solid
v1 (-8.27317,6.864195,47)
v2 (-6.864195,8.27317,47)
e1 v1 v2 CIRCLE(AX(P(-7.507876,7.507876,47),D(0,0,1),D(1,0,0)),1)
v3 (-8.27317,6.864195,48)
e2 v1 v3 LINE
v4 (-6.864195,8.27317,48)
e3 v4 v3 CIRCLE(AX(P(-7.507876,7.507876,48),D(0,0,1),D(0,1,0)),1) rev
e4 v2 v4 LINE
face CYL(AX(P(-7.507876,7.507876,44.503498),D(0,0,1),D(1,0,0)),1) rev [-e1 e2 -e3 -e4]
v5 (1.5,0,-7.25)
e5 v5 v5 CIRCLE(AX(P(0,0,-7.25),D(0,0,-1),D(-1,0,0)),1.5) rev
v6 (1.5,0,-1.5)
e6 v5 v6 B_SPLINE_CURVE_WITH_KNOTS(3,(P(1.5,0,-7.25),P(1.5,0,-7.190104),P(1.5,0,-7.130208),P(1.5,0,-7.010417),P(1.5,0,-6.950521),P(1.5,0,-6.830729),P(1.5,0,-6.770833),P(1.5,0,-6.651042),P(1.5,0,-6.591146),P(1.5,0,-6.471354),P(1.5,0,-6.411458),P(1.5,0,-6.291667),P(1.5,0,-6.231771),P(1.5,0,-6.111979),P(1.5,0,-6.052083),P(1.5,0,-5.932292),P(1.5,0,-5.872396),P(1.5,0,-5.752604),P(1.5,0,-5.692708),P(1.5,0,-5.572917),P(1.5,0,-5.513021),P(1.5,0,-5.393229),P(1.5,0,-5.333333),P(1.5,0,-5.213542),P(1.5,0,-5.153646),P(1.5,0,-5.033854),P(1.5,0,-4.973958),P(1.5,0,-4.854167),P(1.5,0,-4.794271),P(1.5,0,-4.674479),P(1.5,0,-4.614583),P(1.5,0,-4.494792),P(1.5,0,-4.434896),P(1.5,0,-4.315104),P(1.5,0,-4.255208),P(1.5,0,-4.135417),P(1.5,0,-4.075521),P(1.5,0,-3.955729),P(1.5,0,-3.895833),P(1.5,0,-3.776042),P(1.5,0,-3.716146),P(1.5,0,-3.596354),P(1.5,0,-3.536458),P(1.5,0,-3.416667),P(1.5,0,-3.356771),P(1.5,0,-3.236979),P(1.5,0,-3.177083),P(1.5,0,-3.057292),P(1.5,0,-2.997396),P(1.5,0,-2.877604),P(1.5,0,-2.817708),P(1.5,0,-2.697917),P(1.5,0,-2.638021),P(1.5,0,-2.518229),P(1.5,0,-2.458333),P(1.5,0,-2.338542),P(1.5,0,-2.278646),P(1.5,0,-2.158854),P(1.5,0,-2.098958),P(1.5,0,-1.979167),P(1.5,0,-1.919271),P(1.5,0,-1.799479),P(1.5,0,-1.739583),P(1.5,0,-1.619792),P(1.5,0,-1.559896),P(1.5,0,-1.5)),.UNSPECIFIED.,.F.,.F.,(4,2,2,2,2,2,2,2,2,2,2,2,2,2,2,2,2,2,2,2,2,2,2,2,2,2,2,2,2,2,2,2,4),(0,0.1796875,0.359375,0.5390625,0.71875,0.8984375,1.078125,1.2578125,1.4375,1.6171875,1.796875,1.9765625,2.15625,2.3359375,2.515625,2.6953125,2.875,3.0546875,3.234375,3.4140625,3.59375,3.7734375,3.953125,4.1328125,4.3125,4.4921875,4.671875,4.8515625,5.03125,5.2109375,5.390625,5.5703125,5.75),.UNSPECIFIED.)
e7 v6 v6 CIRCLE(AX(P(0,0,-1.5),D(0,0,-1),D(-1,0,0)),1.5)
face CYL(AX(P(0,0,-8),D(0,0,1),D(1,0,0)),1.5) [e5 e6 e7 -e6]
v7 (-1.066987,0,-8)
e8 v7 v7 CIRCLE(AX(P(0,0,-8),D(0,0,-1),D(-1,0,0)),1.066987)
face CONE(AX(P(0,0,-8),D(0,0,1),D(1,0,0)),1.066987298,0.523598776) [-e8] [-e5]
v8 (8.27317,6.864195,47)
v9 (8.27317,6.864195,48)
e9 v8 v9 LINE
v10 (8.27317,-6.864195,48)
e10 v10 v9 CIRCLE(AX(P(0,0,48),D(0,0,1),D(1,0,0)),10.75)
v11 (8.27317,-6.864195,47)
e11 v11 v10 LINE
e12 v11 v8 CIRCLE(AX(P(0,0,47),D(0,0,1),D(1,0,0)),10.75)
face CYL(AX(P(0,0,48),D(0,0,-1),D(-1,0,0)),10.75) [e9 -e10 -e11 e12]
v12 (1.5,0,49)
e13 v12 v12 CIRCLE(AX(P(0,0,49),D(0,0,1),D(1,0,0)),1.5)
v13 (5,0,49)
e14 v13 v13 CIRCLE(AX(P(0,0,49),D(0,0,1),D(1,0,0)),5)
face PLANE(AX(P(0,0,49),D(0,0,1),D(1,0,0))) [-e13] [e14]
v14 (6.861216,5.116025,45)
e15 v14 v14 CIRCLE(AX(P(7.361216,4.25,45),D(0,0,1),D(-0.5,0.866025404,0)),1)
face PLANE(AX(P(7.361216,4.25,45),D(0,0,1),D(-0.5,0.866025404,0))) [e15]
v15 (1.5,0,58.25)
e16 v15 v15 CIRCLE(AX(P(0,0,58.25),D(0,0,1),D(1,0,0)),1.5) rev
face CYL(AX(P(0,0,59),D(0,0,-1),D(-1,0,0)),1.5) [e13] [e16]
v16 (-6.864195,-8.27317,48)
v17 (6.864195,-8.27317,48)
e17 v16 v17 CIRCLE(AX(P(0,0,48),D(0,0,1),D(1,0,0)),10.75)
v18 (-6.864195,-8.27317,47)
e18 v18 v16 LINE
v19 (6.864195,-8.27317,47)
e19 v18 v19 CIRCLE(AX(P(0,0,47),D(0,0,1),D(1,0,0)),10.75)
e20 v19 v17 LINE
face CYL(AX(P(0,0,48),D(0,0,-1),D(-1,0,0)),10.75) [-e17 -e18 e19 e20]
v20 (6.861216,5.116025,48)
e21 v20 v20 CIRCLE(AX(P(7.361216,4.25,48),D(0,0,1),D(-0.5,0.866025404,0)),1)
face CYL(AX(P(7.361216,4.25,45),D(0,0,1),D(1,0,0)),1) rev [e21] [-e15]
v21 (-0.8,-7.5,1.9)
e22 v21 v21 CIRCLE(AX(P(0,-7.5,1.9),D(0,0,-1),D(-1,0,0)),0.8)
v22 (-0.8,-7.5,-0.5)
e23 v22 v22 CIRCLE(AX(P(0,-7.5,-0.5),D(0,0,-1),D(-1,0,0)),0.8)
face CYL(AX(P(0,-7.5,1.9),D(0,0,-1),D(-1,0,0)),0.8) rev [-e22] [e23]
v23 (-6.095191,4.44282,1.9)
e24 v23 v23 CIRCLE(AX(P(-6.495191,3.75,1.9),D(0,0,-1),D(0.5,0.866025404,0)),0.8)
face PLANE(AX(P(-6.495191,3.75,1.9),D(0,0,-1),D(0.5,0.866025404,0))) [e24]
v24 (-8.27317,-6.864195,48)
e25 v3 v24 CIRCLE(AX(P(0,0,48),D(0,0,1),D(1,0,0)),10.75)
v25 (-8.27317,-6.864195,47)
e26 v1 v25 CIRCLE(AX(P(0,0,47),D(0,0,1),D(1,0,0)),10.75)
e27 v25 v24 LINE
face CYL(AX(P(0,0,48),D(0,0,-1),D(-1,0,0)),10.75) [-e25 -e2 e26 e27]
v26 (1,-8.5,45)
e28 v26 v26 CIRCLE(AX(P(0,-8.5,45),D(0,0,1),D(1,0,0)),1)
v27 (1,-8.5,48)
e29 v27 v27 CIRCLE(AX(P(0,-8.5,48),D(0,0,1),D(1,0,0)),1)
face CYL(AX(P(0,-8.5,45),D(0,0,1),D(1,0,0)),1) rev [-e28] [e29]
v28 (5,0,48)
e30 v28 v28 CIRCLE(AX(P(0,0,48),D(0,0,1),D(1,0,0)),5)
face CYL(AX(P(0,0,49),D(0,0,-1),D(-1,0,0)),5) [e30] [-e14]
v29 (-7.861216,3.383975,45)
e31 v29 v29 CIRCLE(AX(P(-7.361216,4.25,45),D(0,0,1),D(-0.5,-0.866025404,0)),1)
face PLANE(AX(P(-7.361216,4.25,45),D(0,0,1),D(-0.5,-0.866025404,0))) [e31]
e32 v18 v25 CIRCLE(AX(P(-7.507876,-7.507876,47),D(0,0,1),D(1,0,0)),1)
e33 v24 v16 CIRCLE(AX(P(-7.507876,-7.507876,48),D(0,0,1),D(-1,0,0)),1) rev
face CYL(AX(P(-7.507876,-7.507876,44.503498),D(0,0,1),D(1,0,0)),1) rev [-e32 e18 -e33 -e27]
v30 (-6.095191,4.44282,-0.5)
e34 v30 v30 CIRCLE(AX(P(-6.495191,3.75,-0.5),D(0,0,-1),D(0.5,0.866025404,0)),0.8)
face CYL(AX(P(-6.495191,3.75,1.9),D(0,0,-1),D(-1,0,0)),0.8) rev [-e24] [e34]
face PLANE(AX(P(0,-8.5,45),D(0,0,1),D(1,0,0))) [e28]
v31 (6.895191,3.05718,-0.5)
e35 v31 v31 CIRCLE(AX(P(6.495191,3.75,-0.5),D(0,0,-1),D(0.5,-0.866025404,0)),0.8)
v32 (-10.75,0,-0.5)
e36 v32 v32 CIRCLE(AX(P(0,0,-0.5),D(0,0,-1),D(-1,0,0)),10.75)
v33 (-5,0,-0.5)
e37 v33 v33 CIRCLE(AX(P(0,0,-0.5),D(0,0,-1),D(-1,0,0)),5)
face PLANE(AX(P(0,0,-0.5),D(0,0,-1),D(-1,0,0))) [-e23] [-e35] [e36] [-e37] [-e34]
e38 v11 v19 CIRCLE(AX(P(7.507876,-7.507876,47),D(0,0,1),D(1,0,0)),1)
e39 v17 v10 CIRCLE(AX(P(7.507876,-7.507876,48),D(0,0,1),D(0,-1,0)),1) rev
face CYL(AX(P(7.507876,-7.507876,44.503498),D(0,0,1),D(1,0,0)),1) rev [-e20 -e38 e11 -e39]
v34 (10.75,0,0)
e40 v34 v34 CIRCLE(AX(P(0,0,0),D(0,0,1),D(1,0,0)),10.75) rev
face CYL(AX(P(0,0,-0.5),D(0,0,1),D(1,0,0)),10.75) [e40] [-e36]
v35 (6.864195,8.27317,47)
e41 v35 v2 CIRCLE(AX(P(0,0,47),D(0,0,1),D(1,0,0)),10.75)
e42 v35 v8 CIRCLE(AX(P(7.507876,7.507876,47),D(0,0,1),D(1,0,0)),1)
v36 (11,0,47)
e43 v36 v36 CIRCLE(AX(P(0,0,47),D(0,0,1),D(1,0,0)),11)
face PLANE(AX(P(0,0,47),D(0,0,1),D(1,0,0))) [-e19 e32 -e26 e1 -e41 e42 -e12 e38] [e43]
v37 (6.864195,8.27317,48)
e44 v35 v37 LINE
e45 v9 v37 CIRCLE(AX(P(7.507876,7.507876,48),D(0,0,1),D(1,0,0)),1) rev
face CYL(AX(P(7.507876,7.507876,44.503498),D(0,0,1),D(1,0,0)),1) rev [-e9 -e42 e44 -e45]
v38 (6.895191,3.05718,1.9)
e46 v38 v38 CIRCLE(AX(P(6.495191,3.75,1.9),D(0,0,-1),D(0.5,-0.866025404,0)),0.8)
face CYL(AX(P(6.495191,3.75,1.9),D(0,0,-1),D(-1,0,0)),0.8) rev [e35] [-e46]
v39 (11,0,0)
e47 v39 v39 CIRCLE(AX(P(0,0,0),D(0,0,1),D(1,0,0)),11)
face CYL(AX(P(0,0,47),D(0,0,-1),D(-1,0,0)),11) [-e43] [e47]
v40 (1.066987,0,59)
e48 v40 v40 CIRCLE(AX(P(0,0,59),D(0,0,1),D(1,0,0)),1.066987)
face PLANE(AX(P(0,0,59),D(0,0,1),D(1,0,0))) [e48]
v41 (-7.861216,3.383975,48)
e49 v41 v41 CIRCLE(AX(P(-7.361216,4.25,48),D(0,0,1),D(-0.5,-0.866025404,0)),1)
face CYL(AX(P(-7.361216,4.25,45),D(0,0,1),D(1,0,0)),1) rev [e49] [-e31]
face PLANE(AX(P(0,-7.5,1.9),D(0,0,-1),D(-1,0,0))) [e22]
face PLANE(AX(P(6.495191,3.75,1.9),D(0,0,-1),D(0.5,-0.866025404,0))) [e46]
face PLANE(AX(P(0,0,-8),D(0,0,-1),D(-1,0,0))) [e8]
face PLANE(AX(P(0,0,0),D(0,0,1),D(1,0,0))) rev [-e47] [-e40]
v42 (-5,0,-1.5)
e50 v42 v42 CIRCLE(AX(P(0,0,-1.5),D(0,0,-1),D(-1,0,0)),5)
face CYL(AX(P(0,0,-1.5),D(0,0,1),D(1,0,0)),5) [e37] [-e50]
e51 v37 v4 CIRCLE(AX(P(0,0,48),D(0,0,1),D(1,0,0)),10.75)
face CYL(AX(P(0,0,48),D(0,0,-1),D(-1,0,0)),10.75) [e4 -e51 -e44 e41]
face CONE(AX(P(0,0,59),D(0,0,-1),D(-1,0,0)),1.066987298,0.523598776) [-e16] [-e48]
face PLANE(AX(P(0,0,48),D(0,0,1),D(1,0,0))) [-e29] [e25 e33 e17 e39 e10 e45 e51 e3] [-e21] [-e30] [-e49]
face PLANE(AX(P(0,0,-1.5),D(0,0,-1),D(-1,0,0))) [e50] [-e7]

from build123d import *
from OCP.BRepFilletAPI import BRepFilletAPI_MakeChamfer

# Parameters (mm, degrees)
SKETCH1_R         = 11
EXTRUDE1_DEPTH    = 47
SKETCH2_R         = 10.75
EXTRUDE2_DEPTH    = 1
EXTRUDE3_START    = 0.5
SKETCH3_R         = 10.75
EXTRUDE3_DEPTH    = 0.5
SKETCH4_R         = 5
EXTRUDE4_DEPTH    = 1
EXTRUDE5_START    = 1
SKETCH5_R         = 5
EXTRUDE5_DEPTH    = 1
SKETCH6_R         = 1.5
EXTRUDE6_DEPTH    = 10
EXTRUDE7_START    = 6.5
SKETCH7_R         = 1.5
EXTRUDE7_DEPTH    = 6.5
CHAMFER1_SIZE     = 0.75
CHAMFER1_SIZE2    = 0.433012702
SKETCH8_R         = 1
EXTRUDE8_DEPTH    = 3
CIRPATTERN1_COUNT = 3
SKETCH9_R         = 0.8
EXTRUDE9_DEPTH    = 2.4
CIRPATTERN2_COUNT = 3
EXTRUDE10_START   = -1
EXTRUDE10_DEPTH   = 1
CIRPATTERN3_COUNT = 4


with BuildPart() as part:
    # Sketch1 → Extrude1 (new body)
    with BuildSketch(Plane.XY):
        Circle(SKETCH1_R)
    extrude(amount=EXTRUDE1_DEPTH)

    # Sketch2 → Extrude2 (add)
    with BuildSketch(Plane.XY.offset(47)):
        Circle(SKETCH2_R)
    extrude(amount=EXTRUDE2_DEPTH)

    # Sketch3 → Extrude3 (add)
    with BuildSketch(Plane(origin=(0, 0, 0), x_dir=(-1, 0, 0), z_dir=(0, 0, -1)).offset(EXTRUDE3_START)):
        with Locations(Location((0, 0, 0), (0, 0, 180))):
            Circle(SKETCH3_R)
    extrude(amount=-EXTRUDE3_DEPTH)

    # Sketch4 → Extrude4 (add)
    with BuildSketch(Plane.XY.offset(48)):
        Circle(SKETCH4_R)
    extrude(amount=EXTRUDE4_DEPTH)

    # Sketch5 → Extrude5 (add)
    with BuildSketch(Plane(origin=(0, 0, -0.5), x_dir=(-1, 0, 0), z_dir=(0, 0, -1)).offset(EXTRUDE5_START)):
        with Locations(Location((0, 0, 0), (0, 0, 180))):
            Circle(SKETCH5_R)
    extrude(amount=-EXTRUDE5_DEPTH)

    # Sketch6 → Extrude6 (add)
    with BuildSketch(Plane.XY.offset(49)):
        Circle(SKETCH6_R)
    extrude(amount=EXTRUDE6_DEPTH)

    # Sketch7 → Extrude7 (add)
    with BuildSketch(Plane(origin=(0, 0, -1.5), x_dir=(-1, 0, 0), z_dir=(0, 0, -1)).offset(EXTRUDE7_START)):
        with Locations(Location((0, 0, 0), (0, 0, 180))):
            Circle(SKETCH7_R)
    extrude(amount=-EXTRUDE7_DEPTH)

    # Chamfer1: one chamfer whose edges measure the first distance from different faces: ONE call of the kernel's chamfer builder (chamfer() names one face for all edges)
    chamfer1_edges_1 = [part.edges().sort_by_distance(p)[0] for p in [
        (-1.5, 0, 59),
    ]]
    chamfer1_side_1 = [part.faces().sort_by_distance(p)[0] for p in [
        (-1.5, 0, 54),
    ]]
    chamfer1_edges_2 = [part.edges().sort_by_distance(p)[0] for p in [
        (-1.5, 0, -8),
    ]]
    chamfer1_side_2 = [part.faces().sort_by_distance(p)[0] for p in [
        (-1.5, 0, -4.75),
    ]]
    chamfer1 = BRepFilletAPI_MakeChamfer(part.part.solid().wrapped)
    for e in chamfer1_edges_1:
        chamfer1.Add(CHAMFER1_SIZE, CHAMFER1_SIZE2, e.wrapped, chamfer1_side_1[0].wrapped)  # the first distance lies on this face
    for e in chamfer1_edges_2:
        chamfer1.Add(CHAMFER1_SIZE, CHAMFER1_SIZE2, e.wrapped, chamfer1_side_2[0].wrapped)  # the first distance lies on this face
    add(Compound.cast(chamfer1.Shape()), mode=Mode.REPLACE)

    # Sketch8 → Extrude8 (cut)
    with BuildSketch(Plane.XY.offset(48)):
        with Locations((0, -8.5)):
            Circle(SKETCH8_R)
    extrude8 = extrude(amount=-EXTRUDE8_DEPTH, mode=Mode.SUBTRACT)

    # CirPattern1: Extrude8 ×3 about axis
    cirpattern1_axis = Axis((0, 0, 0), (0, 0, 1))
    for i in range(1, CIRPATTERN1_COUNT):
        add(extrude8.rotate(cirpattern1_axis, i * 360 / CIRPATTERN1_COUNT), mode=Mode.SUBTRACT)

    # Sketch9 → Extrude9 (cut)
    with BuildSketch(Plane(origin=(0, 0, -0.5), x_dir=(-1, 0, 0), z_dir=(0, 0, -1))):
        with Locations((0, -7.5)):
            Circle(SKETCH9_R)
    extrude9 = extrude(amount=-EXTRUDE9_DEPTH, mode=Mode.SUBTRACT)

    # CirPattern2: Extrude9 ×3 about axis
    cirpattern2_axis = Axis((0, 0, 0), (0, 0, 1))
    for i in range(1, CIRPATTERN2_COUNT):
        add(extrude9.rotate(cirpattern2_axis, i * 360 / CIRPATTERN2_COUNT), mode=Mode.SUBTRACT)

    # Sketch11 → Extrude10 (cut)
    with BuildSketch(Plane.XY.offset(48).offset(EXTRUDE10_START)):
        with BuildLine():
            ThreePointArc((6.864194516, 8.273169505), (6.800769225, 6.800769225), (8.273169505, 6.864194516))
            ThreePointArc((8.273169505, 6.864194516), (7.601397898, 7.601397898), (6.864194516, 8.273169505))
        make_face()
    extrude10 = extrude(amount=EXTRUDE10_DEPTH, mode=Mode.SUBTRACT)

    # CirPattern3: Extrude10 ×4 about axis
    cirpattern3_axis = Axis((0, 0, 0), (0, 0, 1))
    for i in range(1, CIRPATTERN3_COUNT):
        add(extrude10.rotate(cirpattern3_axis, i * 360 / CIRPATTERN3_COUNT), mode=Mode.SUBTRACT)


solid = part.part
